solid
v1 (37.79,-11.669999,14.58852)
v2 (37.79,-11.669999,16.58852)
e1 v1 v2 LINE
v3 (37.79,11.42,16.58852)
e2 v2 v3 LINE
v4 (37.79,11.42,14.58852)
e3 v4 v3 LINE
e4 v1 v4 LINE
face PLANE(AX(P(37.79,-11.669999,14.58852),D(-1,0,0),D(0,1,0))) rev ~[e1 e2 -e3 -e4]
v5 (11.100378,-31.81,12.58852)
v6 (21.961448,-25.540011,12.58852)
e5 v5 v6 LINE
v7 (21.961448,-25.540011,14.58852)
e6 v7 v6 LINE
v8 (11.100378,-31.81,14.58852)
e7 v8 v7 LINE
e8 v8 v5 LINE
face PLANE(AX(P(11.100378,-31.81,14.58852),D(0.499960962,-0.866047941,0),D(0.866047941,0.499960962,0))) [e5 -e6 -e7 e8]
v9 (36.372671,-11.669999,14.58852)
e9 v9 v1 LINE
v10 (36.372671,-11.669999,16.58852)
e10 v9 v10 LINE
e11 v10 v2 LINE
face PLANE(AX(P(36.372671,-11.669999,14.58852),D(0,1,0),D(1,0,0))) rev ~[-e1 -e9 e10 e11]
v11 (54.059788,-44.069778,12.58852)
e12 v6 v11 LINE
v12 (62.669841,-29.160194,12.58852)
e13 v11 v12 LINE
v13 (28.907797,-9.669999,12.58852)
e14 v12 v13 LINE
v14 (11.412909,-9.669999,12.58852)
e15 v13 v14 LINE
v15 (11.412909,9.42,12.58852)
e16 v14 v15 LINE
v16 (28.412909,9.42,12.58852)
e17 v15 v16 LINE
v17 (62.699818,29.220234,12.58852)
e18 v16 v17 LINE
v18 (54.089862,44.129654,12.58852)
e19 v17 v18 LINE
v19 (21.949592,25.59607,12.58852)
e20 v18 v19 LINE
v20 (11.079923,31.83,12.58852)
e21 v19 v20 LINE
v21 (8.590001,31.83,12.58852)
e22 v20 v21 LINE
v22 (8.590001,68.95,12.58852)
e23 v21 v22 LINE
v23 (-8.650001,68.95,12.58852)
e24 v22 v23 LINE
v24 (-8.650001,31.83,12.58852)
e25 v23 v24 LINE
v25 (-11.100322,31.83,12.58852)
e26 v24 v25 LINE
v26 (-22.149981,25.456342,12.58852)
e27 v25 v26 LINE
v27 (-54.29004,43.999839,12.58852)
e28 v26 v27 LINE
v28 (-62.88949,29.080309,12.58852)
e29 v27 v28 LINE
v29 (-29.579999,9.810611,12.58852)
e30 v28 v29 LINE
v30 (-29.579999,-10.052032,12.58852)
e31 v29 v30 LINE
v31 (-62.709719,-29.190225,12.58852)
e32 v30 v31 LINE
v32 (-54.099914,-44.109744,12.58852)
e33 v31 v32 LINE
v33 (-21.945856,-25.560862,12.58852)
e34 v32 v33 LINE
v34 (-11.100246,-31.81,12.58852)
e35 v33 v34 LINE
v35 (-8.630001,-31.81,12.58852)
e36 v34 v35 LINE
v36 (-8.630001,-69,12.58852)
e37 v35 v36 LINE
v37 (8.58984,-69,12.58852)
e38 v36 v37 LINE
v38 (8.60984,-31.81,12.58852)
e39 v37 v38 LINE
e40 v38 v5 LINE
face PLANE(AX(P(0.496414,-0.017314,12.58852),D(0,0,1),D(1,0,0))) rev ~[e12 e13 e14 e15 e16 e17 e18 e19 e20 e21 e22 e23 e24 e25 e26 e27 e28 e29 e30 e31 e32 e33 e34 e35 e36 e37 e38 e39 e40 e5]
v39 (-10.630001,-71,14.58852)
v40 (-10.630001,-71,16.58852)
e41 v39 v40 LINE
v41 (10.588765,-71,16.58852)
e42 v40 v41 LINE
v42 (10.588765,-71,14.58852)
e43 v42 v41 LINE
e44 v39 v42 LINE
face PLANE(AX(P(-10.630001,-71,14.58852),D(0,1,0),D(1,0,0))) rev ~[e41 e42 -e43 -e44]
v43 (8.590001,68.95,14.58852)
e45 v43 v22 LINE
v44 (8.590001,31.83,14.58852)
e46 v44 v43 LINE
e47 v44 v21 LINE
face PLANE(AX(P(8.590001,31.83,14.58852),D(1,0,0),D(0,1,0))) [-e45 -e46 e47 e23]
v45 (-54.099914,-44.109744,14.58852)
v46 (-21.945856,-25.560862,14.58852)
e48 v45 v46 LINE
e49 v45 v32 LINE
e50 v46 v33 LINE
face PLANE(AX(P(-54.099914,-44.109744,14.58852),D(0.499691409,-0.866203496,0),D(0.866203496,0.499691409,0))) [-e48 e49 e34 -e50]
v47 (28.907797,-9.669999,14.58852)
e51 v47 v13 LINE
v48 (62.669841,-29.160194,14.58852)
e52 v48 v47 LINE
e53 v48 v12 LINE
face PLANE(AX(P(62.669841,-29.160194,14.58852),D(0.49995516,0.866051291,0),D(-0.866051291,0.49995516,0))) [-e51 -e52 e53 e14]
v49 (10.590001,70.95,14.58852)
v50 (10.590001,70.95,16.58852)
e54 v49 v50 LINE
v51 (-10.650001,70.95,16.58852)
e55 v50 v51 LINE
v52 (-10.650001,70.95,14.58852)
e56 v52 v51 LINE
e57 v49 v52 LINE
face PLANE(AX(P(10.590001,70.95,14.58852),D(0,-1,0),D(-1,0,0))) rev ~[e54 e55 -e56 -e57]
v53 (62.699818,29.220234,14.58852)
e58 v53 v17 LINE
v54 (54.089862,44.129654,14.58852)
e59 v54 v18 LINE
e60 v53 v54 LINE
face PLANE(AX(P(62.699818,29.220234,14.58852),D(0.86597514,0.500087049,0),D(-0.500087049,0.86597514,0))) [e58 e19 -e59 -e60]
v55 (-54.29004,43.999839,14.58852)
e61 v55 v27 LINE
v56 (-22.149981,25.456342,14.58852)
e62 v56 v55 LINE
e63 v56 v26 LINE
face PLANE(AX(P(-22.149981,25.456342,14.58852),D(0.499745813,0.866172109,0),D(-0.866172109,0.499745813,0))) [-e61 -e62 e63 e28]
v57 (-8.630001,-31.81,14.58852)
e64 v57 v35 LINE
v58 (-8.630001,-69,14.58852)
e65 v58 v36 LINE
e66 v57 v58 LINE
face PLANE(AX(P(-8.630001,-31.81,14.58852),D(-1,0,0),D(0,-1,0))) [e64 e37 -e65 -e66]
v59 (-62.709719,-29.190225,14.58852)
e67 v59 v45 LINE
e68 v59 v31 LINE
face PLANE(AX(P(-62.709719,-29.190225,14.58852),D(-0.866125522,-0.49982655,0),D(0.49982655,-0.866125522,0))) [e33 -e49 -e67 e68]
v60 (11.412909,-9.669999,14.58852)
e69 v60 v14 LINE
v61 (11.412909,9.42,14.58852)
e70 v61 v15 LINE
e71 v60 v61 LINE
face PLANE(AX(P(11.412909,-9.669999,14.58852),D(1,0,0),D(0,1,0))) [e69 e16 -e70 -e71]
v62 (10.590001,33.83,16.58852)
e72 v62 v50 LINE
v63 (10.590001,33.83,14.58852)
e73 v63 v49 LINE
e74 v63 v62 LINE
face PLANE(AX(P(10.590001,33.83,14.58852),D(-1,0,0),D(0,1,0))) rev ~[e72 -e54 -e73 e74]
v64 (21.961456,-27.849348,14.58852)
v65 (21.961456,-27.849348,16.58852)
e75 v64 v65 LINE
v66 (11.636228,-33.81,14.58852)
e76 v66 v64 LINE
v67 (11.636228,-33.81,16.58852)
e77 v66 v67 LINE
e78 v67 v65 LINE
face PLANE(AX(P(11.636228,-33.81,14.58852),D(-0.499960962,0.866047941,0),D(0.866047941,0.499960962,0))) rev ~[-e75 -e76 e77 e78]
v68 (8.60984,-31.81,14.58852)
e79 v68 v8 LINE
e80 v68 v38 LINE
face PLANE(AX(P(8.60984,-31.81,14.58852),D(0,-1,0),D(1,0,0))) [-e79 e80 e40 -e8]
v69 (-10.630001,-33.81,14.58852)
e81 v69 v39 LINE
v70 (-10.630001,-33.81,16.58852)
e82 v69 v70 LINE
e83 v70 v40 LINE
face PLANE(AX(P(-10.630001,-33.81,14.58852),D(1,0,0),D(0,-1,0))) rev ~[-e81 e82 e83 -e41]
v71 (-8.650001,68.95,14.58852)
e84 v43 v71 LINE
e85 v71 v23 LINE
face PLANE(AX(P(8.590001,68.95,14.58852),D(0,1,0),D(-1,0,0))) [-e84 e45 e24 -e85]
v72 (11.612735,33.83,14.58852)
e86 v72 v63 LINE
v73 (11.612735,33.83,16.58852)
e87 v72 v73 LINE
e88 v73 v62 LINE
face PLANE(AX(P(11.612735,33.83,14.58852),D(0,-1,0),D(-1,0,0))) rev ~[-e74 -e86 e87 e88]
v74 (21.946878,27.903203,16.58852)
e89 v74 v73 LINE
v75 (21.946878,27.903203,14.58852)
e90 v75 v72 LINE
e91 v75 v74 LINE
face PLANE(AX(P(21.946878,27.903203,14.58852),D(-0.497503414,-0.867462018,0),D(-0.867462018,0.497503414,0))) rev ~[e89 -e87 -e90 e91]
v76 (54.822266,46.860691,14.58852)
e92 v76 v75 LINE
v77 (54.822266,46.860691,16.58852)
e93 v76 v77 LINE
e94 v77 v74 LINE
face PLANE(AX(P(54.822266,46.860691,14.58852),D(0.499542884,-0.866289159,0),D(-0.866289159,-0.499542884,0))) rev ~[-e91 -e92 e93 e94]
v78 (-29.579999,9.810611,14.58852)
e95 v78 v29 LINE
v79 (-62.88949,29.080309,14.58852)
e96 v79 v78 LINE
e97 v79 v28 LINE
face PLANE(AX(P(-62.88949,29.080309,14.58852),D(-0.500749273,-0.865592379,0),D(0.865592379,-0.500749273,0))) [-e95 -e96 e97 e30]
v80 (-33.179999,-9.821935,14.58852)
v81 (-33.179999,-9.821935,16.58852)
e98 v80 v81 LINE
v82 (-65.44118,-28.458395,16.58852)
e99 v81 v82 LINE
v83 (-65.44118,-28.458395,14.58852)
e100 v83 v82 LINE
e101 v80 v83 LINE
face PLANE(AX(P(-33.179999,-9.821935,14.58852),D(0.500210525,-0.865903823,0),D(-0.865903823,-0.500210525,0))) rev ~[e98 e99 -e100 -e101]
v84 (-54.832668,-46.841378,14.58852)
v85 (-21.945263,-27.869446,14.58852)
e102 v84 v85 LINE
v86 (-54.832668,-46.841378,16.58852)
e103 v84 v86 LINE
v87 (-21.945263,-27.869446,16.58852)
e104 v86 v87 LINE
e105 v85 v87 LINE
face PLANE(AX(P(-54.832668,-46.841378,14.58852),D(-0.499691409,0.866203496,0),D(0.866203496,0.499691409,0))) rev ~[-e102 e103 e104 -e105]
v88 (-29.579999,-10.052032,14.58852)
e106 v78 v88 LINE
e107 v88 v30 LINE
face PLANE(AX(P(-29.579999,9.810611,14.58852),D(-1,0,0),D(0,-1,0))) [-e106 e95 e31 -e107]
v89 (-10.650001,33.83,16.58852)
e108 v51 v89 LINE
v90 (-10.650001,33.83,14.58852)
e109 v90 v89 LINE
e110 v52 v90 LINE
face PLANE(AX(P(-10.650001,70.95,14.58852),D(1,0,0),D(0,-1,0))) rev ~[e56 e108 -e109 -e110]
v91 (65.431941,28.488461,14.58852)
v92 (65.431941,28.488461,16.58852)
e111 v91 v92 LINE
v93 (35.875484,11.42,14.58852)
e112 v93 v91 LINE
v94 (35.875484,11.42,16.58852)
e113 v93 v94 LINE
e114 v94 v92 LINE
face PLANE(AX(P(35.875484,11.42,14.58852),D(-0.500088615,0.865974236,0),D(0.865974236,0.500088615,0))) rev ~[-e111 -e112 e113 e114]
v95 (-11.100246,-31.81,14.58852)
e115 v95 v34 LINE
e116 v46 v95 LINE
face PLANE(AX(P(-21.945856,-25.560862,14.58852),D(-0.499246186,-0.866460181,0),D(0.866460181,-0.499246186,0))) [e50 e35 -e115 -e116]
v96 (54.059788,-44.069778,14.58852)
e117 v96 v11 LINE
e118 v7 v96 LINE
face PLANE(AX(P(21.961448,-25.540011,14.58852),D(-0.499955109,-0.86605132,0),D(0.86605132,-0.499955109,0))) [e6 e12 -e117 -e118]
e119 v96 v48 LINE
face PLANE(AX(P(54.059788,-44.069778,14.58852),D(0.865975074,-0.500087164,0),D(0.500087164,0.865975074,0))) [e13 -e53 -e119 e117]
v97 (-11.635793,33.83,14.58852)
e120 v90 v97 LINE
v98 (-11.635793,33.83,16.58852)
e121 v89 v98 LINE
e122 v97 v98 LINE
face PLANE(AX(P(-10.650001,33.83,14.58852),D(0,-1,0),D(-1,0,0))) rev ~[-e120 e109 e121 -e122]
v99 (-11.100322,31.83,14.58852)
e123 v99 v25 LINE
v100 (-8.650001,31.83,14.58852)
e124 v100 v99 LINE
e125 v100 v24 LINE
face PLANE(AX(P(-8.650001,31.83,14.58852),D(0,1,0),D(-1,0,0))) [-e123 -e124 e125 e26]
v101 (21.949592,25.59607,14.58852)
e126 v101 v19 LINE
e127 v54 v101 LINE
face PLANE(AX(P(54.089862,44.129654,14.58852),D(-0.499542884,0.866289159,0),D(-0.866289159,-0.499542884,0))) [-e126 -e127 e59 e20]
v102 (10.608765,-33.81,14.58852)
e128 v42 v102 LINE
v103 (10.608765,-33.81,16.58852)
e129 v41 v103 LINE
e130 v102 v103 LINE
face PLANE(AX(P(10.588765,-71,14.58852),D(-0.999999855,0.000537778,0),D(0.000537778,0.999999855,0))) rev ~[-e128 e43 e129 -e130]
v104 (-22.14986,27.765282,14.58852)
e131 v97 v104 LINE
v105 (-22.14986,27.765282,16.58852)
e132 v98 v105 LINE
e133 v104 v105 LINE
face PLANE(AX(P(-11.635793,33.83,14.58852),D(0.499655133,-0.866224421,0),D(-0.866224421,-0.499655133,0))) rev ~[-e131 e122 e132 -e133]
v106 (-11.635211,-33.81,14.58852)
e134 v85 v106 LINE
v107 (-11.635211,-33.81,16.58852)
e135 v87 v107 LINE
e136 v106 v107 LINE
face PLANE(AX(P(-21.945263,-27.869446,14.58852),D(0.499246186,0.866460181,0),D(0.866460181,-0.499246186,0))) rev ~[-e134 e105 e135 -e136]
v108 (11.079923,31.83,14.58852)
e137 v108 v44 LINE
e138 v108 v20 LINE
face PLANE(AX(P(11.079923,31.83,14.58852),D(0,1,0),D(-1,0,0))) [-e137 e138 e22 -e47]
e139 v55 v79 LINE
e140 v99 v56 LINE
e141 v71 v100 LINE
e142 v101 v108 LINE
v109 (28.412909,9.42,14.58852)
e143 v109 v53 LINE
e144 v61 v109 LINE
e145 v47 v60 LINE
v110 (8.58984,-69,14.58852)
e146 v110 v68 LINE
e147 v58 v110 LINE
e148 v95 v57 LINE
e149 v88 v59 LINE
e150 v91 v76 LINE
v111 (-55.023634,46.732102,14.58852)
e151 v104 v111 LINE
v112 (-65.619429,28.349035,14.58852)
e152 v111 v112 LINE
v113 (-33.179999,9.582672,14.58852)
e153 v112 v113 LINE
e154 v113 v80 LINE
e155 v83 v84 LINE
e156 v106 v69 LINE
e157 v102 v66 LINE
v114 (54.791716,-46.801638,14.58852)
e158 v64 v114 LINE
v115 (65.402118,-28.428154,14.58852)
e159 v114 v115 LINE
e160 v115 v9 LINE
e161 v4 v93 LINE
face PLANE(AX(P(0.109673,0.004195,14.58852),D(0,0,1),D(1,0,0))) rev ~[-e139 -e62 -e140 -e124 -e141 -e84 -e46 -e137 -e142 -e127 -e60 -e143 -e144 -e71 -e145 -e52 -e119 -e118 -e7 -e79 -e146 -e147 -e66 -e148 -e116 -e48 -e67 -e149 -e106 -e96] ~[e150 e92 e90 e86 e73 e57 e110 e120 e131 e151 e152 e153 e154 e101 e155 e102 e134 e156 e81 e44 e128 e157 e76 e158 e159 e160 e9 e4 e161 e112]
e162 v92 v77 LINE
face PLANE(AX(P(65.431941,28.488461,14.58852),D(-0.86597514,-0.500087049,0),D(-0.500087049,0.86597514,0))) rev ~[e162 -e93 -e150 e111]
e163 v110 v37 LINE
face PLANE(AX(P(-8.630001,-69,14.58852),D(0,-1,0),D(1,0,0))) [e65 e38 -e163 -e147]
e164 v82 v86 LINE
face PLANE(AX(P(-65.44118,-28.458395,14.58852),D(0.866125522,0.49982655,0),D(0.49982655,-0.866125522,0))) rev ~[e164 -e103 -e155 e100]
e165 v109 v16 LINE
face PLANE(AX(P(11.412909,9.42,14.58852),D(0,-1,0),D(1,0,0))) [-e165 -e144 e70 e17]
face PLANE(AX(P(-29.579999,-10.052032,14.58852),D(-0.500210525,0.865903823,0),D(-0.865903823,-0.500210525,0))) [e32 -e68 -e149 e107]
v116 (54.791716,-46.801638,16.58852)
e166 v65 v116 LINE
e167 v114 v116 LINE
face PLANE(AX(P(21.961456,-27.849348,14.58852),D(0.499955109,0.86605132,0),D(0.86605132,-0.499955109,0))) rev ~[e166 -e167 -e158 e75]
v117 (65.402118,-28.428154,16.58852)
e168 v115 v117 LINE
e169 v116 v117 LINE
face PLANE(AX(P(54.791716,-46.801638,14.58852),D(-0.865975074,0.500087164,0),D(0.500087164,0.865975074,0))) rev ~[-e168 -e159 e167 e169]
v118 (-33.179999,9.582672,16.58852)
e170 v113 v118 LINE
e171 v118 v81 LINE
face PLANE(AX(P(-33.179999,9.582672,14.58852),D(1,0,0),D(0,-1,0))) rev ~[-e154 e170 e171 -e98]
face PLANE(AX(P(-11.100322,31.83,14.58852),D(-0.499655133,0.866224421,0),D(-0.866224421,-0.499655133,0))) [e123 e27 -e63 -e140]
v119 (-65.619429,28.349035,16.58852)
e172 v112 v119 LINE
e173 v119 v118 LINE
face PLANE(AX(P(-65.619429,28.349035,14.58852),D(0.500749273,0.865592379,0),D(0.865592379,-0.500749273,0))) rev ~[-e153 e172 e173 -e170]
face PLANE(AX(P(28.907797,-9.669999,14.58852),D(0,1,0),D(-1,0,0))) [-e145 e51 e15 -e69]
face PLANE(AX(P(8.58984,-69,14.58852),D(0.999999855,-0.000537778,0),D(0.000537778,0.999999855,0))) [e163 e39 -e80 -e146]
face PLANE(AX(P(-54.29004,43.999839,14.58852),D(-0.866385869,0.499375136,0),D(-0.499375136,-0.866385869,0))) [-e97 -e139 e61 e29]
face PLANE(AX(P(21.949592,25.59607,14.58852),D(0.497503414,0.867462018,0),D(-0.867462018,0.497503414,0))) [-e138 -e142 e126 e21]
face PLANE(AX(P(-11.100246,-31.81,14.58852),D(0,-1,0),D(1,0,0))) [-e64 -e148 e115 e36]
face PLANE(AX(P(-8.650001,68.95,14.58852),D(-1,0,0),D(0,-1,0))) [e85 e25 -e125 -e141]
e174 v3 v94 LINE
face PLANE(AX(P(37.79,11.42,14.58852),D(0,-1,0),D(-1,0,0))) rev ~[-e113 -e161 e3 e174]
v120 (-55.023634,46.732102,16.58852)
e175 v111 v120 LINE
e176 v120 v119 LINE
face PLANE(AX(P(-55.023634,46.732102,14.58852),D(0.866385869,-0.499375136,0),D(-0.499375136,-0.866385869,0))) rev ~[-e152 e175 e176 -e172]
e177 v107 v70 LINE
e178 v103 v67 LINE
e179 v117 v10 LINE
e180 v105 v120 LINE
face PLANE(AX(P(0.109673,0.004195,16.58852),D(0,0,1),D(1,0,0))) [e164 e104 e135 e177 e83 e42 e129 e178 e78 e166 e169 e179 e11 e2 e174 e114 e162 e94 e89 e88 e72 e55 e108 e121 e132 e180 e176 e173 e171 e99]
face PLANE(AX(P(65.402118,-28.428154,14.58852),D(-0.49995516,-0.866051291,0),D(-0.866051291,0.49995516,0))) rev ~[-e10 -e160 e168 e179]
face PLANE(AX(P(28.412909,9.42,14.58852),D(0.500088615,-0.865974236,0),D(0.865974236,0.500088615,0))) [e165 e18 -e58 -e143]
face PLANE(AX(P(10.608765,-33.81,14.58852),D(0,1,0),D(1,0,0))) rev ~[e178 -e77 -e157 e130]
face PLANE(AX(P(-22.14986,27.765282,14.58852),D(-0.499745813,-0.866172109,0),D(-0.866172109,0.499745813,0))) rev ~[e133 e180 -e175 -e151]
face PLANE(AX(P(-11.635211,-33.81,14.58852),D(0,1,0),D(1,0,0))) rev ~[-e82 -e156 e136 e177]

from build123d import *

# Parameters (mm, degrees)
AUFSATZ_LINEAR_AUSTRAGEN1_DEPTH = 2
AUFSATZ_LINEAR_AUSTRAGEN2_DEPTH = 2


with BuildPart() as part:
    # Skizze1 → Aufsatz-Linear austragen1 (new body)
    with BuildSketch(Plane.XY.offset(14.58852)):
        Polygon((-22.149859894, 27.765281808), (-55.023633975, 46.732102334), (-65.619428736, 28.349034811), (-33.1799992, 9.582671858), (-33.1799992, -9.82193495), (-65.441180026, -28.458395245), (-54.832668225, -46.841377939), (-21.94526311, -27.869445957), (-11.635211495, -33.81000048), (-10.63000112, -33.81000048), (-10.63000112, -70.99999976), (10.588764643, -70.99999976), (10.608764603, -33.81000048), (11.636228403, -33.81000048), (21.961456264, -27.849347945), (54.791716349, -46.801638497), (65.402118422, -28.428154068), (36.372671479, -11.66999904), (37.79000014, -11.66999904), (37.79000014, 11.41999954), (35.875483821, 11.41999954), (65.431940836, 28.488460753), (54.822266278, 46.860690996), (21.946878227, 27.90320319), (11.612735063, 33.83000044), (10.5900012, 33.83000044), (10.5900012, 70.94999986), (-10.65000108, 70.94999986), (-10.65000108, 33.83000044), (-11.635793215, 33.83000044), align=None)
    extrude(amount=AUFSATZ_LINEAR_AUSTRAGEN1_DEPTH)

    # Skizze2 → Aufsatz-Linear austragen2 (add)
    with BuildSketch(Plane(origin=(0, 0, 14.58852), x_dir=(-1, 0, 0), z_dir=(0, 0, -1))):
        Polygon((29.5799992, 9.810611271), (29.5799992, -10.052032223), (62.709719012, -29.19022531), (54.099914325, -44.109744044), (21.94585632, -25.560861902), (11.100245691, -31.81000048), (8.63000112, -31.81000048), (8.63000112, -68.99999976), (-8.58983991, -68.99999976), (-8.60983987, -31.81000048), (-11.100378331, -31.81000048), (-21.96144846, -25.540011472), (-54.059788028, -44.0697781), (-62.669841481, -29.160193905), (-28.907796867, -9.66999904), (-11.412909471, -9.66999904), (-11.412909471, 9.41999954), (-28.412909471, 9.41999954), (-62.699818266, 29.220233802), (-54.089861915, 44.129654408), (-21.949592186, 25.596070242), (-11.079922713, 31.83000044), (-8.5900012, 31.83000044), (-8.5900012, 68.94999986), (8.65000108, 68.94999986), (8.65000108, 31.83000044), (11.100321567, 31.83000044), (22.149980751, 25.45634161), (54.290039962, 43.999838722), (62.88949027, 29.080308923), align=None)
    extrude(amount=AUFSATZ_LINEAR_AUSTRAGEN2_DEPTH)


solid = part.part
